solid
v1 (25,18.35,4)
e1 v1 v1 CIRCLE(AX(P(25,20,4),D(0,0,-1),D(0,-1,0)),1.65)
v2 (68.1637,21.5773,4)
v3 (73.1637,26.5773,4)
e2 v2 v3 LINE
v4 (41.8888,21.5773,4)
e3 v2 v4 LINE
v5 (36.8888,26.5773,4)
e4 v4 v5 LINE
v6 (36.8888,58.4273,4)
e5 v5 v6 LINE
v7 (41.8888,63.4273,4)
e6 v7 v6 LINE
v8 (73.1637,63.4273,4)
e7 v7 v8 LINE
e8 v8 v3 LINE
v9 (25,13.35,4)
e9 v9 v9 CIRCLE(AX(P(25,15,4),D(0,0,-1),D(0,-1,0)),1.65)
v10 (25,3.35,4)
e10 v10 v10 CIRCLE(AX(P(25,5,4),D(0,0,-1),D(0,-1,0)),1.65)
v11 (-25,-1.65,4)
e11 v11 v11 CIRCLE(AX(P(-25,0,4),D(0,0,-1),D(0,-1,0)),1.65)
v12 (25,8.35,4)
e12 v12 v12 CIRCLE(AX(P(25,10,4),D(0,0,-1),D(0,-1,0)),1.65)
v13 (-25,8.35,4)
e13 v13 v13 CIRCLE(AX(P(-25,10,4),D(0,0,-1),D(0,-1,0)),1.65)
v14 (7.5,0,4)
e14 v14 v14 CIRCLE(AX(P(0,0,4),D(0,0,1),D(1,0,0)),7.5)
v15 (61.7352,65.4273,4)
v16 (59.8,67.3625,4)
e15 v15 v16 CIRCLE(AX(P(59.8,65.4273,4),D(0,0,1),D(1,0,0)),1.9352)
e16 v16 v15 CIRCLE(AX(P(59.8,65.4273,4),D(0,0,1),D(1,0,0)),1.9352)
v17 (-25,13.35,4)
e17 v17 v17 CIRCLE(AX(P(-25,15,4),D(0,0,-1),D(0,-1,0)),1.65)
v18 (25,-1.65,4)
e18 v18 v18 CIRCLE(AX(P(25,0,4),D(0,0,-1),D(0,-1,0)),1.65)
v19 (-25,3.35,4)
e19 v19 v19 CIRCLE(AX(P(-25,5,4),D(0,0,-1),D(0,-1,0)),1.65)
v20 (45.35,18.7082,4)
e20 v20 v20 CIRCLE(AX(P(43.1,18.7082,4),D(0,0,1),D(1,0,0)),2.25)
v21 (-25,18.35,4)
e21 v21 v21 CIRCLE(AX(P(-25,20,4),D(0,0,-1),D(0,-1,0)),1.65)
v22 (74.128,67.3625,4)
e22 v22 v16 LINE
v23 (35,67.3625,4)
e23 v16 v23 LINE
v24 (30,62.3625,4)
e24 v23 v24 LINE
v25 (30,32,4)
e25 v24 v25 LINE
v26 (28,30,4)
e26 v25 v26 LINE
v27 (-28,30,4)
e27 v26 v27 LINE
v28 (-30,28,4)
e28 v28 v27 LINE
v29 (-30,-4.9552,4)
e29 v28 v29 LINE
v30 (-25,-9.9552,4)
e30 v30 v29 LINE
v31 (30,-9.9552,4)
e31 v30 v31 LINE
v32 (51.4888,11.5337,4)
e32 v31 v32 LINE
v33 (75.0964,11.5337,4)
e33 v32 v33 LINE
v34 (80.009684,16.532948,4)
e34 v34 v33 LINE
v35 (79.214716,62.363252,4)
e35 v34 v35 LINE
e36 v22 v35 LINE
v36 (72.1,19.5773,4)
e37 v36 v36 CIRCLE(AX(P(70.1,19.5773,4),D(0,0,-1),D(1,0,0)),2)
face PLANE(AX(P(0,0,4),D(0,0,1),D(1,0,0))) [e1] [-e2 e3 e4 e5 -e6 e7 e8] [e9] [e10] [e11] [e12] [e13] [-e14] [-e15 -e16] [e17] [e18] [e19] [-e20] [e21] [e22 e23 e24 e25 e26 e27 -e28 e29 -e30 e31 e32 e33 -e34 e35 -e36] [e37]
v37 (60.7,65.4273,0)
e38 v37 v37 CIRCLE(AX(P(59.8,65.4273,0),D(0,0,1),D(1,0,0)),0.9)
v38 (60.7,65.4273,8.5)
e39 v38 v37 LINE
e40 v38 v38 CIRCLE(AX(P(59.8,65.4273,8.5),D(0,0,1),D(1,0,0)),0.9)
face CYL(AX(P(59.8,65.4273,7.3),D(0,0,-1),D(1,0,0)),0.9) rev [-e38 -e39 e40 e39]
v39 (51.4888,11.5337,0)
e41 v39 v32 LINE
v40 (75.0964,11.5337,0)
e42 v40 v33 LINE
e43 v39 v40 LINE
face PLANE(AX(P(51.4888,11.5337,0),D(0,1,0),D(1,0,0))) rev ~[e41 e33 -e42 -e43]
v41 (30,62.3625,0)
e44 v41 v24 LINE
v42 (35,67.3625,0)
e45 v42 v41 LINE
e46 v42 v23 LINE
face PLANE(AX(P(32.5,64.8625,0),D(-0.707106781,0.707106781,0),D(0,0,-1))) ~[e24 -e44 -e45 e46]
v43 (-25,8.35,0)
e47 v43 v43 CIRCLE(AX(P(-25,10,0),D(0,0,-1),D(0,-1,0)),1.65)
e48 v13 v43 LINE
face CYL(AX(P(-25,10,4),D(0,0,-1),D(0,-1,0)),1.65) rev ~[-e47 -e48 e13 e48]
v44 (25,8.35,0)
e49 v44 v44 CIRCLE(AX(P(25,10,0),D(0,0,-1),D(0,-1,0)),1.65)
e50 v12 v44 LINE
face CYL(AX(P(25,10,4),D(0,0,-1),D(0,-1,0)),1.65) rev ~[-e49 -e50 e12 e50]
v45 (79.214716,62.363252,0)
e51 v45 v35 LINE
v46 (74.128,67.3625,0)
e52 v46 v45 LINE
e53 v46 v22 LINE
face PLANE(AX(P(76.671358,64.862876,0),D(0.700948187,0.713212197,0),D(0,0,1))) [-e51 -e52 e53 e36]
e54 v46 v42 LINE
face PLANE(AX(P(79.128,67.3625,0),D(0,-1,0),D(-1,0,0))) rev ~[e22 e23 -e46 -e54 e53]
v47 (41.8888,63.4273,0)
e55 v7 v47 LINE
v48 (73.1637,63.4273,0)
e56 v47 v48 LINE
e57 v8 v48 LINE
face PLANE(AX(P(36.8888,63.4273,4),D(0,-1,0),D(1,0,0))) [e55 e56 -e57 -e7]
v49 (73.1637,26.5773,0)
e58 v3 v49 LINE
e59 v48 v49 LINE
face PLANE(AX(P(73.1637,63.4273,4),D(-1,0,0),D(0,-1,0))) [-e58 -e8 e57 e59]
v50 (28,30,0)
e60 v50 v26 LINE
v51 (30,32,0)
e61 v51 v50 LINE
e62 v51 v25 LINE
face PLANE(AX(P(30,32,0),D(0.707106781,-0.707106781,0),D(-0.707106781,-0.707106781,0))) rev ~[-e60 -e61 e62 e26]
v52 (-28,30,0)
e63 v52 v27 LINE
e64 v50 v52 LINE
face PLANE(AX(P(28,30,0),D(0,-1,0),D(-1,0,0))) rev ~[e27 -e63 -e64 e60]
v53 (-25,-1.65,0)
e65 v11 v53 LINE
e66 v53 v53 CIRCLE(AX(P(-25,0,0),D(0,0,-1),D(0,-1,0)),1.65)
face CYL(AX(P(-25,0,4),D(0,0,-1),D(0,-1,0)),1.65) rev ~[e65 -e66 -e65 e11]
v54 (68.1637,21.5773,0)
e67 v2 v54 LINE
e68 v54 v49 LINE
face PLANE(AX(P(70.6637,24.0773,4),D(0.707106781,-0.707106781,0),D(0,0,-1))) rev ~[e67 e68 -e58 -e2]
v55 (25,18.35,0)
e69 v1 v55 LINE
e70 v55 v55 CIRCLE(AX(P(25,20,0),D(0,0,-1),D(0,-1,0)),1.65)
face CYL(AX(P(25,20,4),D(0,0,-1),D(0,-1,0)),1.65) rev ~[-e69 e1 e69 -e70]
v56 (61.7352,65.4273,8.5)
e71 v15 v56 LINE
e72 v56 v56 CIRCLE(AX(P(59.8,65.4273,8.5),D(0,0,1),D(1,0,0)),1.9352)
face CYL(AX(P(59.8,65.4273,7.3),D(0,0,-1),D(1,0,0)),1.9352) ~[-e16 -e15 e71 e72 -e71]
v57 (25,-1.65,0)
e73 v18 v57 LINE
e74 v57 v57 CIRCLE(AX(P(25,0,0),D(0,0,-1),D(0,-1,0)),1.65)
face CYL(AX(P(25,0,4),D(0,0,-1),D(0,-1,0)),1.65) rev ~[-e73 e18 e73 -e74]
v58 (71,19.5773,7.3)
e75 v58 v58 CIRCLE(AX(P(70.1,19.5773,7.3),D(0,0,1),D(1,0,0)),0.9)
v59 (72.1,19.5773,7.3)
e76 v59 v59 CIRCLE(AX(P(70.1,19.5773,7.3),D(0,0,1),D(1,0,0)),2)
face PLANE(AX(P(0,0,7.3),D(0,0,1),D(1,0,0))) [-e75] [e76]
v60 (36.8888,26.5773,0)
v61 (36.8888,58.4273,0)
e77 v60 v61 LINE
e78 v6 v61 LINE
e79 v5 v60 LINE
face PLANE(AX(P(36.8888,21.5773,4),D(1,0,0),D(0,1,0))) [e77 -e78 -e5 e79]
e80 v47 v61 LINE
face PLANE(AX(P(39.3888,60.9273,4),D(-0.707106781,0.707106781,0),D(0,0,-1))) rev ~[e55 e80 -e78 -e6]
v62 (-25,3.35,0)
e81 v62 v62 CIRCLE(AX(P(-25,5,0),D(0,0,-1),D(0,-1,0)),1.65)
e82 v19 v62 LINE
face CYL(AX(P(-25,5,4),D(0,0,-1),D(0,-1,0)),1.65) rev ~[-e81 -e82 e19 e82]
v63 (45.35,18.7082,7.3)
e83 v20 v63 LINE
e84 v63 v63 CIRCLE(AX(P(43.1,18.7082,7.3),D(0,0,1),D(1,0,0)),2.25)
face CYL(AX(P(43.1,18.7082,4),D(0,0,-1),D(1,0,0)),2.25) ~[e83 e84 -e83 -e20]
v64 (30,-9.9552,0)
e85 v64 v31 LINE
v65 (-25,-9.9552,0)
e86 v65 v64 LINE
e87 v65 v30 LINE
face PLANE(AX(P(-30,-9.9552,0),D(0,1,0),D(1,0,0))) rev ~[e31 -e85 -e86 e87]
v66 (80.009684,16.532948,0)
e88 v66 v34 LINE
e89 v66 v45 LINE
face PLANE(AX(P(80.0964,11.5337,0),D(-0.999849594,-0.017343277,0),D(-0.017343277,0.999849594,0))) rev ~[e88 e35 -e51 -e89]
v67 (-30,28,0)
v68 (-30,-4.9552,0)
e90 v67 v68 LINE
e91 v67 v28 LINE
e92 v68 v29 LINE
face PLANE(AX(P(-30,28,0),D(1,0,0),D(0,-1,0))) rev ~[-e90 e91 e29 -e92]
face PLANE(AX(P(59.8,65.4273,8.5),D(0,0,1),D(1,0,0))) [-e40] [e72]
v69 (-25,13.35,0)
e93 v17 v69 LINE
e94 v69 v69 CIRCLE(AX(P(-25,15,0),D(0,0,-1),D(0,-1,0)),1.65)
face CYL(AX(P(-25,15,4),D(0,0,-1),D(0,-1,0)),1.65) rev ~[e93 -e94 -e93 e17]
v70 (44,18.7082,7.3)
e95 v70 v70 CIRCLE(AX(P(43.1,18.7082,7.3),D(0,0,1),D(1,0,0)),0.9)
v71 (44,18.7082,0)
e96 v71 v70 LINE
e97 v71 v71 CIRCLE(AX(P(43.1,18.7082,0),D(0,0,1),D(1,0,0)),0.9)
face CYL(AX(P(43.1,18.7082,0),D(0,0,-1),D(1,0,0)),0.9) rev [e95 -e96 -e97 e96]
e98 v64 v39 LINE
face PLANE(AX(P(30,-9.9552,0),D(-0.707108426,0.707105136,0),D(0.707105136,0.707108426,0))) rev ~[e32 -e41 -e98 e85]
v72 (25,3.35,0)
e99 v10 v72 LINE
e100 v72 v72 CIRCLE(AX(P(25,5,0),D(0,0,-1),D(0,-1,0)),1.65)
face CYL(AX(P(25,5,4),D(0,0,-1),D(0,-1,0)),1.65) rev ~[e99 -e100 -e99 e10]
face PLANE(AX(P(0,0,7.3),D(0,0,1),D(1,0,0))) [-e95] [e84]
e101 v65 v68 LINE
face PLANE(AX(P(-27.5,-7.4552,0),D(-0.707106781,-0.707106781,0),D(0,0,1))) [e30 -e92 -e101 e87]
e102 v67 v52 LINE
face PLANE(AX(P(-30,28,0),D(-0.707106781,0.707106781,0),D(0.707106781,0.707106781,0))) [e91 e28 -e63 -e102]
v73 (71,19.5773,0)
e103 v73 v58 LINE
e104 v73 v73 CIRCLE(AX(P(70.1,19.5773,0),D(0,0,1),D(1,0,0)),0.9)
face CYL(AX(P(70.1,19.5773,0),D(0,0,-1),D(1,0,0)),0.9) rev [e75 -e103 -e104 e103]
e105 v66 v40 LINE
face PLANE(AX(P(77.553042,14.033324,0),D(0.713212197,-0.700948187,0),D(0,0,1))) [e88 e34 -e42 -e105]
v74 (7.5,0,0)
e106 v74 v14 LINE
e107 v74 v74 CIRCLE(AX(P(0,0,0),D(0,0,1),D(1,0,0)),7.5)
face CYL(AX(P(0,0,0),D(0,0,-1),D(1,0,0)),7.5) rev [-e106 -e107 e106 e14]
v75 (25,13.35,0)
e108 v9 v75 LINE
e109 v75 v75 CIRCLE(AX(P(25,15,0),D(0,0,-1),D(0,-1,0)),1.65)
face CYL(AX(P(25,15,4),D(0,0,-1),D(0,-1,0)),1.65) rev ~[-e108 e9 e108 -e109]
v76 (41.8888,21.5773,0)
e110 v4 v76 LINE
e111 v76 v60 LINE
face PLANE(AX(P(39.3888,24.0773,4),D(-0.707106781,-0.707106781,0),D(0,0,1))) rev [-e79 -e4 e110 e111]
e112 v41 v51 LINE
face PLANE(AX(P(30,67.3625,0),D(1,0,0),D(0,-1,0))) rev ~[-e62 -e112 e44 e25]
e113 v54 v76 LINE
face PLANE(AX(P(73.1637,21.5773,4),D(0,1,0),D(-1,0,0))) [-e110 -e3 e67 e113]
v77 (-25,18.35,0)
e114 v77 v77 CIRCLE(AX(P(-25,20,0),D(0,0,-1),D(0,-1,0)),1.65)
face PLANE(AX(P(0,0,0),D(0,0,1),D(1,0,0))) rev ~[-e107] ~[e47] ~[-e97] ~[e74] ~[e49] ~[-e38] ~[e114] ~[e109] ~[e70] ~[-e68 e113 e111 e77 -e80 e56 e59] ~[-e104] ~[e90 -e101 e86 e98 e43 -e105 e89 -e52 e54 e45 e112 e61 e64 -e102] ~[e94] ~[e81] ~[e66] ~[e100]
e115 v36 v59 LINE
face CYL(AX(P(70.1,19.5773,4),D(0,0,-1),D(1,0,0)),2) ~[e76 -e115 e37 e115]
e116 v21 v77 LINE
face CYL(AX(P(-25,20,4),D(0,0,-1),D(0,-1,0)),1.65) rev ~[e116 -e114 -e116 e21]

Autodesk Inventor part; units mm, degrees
ref_plane "Work Plane1" through (0, 0, 0) normal (0, 0, 1) x (1, 0, 0)
sketch "Sketch1" plane through (0, 0, 0) normal (0, 0, 1) x (1, 0, 0)
  line L0 (28, 30) -> (30, 28) projected
  line L1 (28, 30) -> (-28, 30) projected
  line L2 (-30, 28) -> (-28, 30) projected
  line L3 (-30, 28) -> (-30, -28) projected
  line L4 (-28, -30) -> (-30, -28) projected
  line L5 (-28, -30) -> (28, -30) projected
  line L6 (30, -28) -> (28, -30) projected
  line L7 (30, -28) -> (30, 28) projected
  circle A0 centre (25, 0) radius 1.3 projected
  circle A1 centre (-25, 0) radius 1.3 projected
  circle A2 centre (0, 0) radius 7.5 projected
  line L8 (-30, -9.9552) -> (30, -9.9552)
  line L9 (30, -9.9552) -> (51.4888, 11.5337)
  line L10 (30, -9.9552) -> (60.3898, -9.9552) construction
  line L11 (51.4888, 11.5337) -> (80.0964, 11.5337)
  line L12 (80.0964, 11.5337) -> (79.128, 67.3625)
  line L13 (79.128, 67.3625) -> (30, 67.3625)
  line L14 (30, 67.3625) -> (30, 32)
  line L15 (30, 32) -> (28, 30)
  line L16 (30, 7.5) -> (36.7448, 7.5)
  line L17 (36.7448, 7.5) -> (36.7448, 15.7942)
  line L18 (36.7448, 15.7942) -> (73.91, 15.7942)
  line L19 (73.91, 15.7942) -> (73.91, 58.2218)
  line L20 (73.91, 58.2218) -> (36.7448, 58.2218)
  line L21 (36.7448, 58.2218) -> (36.7448, 32)
  line L22 (36.7448, 32) -> (36.7448, 15.7942)
  circle A3 centre (59.8, 65.4273) radius 0.9 projected
  circle A4 centre (43.1, 18.7082) radius 0.9 projected
  circle A5 centre (70.1, 19.5773) radius 0.9 projected
  point P0 (0, 0)
  point P1 (52.8328, 67.3625)
  dimension "d0" = 45
extrude "Extrusion1" add sketch "Sketch1" along normal blind 4 contours L22 L21 L20 L19 L18 | L15 L14 L13 L12 L11 L9 L7 L0 | L0 L7 L8 L3 L2 L1
sketch "Sketch2" plane through (0, 0, 4) normal (0, 0, 1) x (1, 0, 0)
  circle A0 centre (43.1, 18.7082) radius 2.25
  circle A1 centre (59.8, 65.4273) radius 0.9 projected
  circle A2 centre (59.8, 65.4273) radius 1.9352
  line L0 (79.128, 67.3625) -> (30, 67.3625) projected
  circle A3 centre (70.1, 19.5773) radius 2
  circle A4 centre (43.1, 13.7082) radius 0.9
  circle A5 centre (70.1, 14.5773) radius 0.9
  circle A6 centre (59.8, 60.4273) radius 0.9
  circle A7 centre (70.1, 19.5773) radius 0.9
  circle A8 centre (43.1, 18.7082) radius 0.9
  point P0 (0, 0)
  dimension "d4" = 4.5
  dimension "d5" = 4
ref_plane "Work Plane2" through (65, 14.0254, 8.3) normal (0, 0, 1) x (1, 0, 0)
ref_plane "Work Plane3" through (41, 13.4694, 7.3) normal (0, 0, -1) x (0, 1, 0)
extrude "Extrusion2" add sketch "Sketch2" along normal up to surface (3.3 mm away) contours A0 | A2 | A3
sketch "Sketch3" plane through (59.8, 65.4273, 7.3) normal (0, 0, 1) x (1, 0, 0)
  circle A0 centre (0, 0) radius 1.9352 projected
  circle A1 centre (0, 0) radius 0.9 projected
  point P0 (-59.8, -65.4273)
ref_plane "Work Plane4" through (52.7, 52.6273, 8.5) normal (0, 0, -1) x (0, 1, 0)
extrude "Extrusion3" add sketch "Sketch3" along normal up to surface (1.2 mm away)
sketch "Sketch4" plane through (0, 0, 4) normal (0, 0, 1) x (1, 0, 0)
  arc A0 (45.1, 18.7082) -> (41.5, 19.9082) centre (43.1, 18.7082) ccw projected
  circle A1 centre (70.1, 19.5773) radius 2 projected
  circle A2 centre (59.8, 65.4273) radius 1.9352 projected
  line L0 (73.1637, 21.5773) -> (36.8888, 21.5773)
  line L1 (36.8888, 21.5773) -> (36.8888, 63.4273)
  line L2 (36.8888, 63.4273) -> (73.1637, 63.4273)
  line L3 (73.1637, 63.4273) -> (73.1637, 21.5773)
  point P0 (0, 0)
extrude "Extrusion4" cut sketch "Sketch4" against normal blind 4 contours L0 L1 L2 L3
chamfer "Chamfer1" distance 5 angle 45 7 edges at (36.8888, 63.4273, 2) (36.8888, 21.5773, 2) (30, 67.3625, 2) (73.1637, 21.5773, 2) (79.128, 67.3625, 2) (80.0964, 11.5337, 2) (-30, -9.9552, 2)
sketch "Sketch5" plane through (0, 0, 4) normal (0, 0, 1) x (1, 0, 0)
  circle A0 centre (-25, 0) radius 1.3 projected
  circle A1 centre (25, 0) radius 1.3 projected
  point P0 (0, 0)
hole "Hole1" at (-25, 0, 4) at (25, 0, 4) direction (0, 0, -1) diameter 3.3 depth 8 tip angle 118
pattern_linear "Rectangular Pattern1" count 5 spacing 5 along (0, 1, 0) of "Hole1"
properties part number "10_MiniSPIM_XY_Stageplate"
